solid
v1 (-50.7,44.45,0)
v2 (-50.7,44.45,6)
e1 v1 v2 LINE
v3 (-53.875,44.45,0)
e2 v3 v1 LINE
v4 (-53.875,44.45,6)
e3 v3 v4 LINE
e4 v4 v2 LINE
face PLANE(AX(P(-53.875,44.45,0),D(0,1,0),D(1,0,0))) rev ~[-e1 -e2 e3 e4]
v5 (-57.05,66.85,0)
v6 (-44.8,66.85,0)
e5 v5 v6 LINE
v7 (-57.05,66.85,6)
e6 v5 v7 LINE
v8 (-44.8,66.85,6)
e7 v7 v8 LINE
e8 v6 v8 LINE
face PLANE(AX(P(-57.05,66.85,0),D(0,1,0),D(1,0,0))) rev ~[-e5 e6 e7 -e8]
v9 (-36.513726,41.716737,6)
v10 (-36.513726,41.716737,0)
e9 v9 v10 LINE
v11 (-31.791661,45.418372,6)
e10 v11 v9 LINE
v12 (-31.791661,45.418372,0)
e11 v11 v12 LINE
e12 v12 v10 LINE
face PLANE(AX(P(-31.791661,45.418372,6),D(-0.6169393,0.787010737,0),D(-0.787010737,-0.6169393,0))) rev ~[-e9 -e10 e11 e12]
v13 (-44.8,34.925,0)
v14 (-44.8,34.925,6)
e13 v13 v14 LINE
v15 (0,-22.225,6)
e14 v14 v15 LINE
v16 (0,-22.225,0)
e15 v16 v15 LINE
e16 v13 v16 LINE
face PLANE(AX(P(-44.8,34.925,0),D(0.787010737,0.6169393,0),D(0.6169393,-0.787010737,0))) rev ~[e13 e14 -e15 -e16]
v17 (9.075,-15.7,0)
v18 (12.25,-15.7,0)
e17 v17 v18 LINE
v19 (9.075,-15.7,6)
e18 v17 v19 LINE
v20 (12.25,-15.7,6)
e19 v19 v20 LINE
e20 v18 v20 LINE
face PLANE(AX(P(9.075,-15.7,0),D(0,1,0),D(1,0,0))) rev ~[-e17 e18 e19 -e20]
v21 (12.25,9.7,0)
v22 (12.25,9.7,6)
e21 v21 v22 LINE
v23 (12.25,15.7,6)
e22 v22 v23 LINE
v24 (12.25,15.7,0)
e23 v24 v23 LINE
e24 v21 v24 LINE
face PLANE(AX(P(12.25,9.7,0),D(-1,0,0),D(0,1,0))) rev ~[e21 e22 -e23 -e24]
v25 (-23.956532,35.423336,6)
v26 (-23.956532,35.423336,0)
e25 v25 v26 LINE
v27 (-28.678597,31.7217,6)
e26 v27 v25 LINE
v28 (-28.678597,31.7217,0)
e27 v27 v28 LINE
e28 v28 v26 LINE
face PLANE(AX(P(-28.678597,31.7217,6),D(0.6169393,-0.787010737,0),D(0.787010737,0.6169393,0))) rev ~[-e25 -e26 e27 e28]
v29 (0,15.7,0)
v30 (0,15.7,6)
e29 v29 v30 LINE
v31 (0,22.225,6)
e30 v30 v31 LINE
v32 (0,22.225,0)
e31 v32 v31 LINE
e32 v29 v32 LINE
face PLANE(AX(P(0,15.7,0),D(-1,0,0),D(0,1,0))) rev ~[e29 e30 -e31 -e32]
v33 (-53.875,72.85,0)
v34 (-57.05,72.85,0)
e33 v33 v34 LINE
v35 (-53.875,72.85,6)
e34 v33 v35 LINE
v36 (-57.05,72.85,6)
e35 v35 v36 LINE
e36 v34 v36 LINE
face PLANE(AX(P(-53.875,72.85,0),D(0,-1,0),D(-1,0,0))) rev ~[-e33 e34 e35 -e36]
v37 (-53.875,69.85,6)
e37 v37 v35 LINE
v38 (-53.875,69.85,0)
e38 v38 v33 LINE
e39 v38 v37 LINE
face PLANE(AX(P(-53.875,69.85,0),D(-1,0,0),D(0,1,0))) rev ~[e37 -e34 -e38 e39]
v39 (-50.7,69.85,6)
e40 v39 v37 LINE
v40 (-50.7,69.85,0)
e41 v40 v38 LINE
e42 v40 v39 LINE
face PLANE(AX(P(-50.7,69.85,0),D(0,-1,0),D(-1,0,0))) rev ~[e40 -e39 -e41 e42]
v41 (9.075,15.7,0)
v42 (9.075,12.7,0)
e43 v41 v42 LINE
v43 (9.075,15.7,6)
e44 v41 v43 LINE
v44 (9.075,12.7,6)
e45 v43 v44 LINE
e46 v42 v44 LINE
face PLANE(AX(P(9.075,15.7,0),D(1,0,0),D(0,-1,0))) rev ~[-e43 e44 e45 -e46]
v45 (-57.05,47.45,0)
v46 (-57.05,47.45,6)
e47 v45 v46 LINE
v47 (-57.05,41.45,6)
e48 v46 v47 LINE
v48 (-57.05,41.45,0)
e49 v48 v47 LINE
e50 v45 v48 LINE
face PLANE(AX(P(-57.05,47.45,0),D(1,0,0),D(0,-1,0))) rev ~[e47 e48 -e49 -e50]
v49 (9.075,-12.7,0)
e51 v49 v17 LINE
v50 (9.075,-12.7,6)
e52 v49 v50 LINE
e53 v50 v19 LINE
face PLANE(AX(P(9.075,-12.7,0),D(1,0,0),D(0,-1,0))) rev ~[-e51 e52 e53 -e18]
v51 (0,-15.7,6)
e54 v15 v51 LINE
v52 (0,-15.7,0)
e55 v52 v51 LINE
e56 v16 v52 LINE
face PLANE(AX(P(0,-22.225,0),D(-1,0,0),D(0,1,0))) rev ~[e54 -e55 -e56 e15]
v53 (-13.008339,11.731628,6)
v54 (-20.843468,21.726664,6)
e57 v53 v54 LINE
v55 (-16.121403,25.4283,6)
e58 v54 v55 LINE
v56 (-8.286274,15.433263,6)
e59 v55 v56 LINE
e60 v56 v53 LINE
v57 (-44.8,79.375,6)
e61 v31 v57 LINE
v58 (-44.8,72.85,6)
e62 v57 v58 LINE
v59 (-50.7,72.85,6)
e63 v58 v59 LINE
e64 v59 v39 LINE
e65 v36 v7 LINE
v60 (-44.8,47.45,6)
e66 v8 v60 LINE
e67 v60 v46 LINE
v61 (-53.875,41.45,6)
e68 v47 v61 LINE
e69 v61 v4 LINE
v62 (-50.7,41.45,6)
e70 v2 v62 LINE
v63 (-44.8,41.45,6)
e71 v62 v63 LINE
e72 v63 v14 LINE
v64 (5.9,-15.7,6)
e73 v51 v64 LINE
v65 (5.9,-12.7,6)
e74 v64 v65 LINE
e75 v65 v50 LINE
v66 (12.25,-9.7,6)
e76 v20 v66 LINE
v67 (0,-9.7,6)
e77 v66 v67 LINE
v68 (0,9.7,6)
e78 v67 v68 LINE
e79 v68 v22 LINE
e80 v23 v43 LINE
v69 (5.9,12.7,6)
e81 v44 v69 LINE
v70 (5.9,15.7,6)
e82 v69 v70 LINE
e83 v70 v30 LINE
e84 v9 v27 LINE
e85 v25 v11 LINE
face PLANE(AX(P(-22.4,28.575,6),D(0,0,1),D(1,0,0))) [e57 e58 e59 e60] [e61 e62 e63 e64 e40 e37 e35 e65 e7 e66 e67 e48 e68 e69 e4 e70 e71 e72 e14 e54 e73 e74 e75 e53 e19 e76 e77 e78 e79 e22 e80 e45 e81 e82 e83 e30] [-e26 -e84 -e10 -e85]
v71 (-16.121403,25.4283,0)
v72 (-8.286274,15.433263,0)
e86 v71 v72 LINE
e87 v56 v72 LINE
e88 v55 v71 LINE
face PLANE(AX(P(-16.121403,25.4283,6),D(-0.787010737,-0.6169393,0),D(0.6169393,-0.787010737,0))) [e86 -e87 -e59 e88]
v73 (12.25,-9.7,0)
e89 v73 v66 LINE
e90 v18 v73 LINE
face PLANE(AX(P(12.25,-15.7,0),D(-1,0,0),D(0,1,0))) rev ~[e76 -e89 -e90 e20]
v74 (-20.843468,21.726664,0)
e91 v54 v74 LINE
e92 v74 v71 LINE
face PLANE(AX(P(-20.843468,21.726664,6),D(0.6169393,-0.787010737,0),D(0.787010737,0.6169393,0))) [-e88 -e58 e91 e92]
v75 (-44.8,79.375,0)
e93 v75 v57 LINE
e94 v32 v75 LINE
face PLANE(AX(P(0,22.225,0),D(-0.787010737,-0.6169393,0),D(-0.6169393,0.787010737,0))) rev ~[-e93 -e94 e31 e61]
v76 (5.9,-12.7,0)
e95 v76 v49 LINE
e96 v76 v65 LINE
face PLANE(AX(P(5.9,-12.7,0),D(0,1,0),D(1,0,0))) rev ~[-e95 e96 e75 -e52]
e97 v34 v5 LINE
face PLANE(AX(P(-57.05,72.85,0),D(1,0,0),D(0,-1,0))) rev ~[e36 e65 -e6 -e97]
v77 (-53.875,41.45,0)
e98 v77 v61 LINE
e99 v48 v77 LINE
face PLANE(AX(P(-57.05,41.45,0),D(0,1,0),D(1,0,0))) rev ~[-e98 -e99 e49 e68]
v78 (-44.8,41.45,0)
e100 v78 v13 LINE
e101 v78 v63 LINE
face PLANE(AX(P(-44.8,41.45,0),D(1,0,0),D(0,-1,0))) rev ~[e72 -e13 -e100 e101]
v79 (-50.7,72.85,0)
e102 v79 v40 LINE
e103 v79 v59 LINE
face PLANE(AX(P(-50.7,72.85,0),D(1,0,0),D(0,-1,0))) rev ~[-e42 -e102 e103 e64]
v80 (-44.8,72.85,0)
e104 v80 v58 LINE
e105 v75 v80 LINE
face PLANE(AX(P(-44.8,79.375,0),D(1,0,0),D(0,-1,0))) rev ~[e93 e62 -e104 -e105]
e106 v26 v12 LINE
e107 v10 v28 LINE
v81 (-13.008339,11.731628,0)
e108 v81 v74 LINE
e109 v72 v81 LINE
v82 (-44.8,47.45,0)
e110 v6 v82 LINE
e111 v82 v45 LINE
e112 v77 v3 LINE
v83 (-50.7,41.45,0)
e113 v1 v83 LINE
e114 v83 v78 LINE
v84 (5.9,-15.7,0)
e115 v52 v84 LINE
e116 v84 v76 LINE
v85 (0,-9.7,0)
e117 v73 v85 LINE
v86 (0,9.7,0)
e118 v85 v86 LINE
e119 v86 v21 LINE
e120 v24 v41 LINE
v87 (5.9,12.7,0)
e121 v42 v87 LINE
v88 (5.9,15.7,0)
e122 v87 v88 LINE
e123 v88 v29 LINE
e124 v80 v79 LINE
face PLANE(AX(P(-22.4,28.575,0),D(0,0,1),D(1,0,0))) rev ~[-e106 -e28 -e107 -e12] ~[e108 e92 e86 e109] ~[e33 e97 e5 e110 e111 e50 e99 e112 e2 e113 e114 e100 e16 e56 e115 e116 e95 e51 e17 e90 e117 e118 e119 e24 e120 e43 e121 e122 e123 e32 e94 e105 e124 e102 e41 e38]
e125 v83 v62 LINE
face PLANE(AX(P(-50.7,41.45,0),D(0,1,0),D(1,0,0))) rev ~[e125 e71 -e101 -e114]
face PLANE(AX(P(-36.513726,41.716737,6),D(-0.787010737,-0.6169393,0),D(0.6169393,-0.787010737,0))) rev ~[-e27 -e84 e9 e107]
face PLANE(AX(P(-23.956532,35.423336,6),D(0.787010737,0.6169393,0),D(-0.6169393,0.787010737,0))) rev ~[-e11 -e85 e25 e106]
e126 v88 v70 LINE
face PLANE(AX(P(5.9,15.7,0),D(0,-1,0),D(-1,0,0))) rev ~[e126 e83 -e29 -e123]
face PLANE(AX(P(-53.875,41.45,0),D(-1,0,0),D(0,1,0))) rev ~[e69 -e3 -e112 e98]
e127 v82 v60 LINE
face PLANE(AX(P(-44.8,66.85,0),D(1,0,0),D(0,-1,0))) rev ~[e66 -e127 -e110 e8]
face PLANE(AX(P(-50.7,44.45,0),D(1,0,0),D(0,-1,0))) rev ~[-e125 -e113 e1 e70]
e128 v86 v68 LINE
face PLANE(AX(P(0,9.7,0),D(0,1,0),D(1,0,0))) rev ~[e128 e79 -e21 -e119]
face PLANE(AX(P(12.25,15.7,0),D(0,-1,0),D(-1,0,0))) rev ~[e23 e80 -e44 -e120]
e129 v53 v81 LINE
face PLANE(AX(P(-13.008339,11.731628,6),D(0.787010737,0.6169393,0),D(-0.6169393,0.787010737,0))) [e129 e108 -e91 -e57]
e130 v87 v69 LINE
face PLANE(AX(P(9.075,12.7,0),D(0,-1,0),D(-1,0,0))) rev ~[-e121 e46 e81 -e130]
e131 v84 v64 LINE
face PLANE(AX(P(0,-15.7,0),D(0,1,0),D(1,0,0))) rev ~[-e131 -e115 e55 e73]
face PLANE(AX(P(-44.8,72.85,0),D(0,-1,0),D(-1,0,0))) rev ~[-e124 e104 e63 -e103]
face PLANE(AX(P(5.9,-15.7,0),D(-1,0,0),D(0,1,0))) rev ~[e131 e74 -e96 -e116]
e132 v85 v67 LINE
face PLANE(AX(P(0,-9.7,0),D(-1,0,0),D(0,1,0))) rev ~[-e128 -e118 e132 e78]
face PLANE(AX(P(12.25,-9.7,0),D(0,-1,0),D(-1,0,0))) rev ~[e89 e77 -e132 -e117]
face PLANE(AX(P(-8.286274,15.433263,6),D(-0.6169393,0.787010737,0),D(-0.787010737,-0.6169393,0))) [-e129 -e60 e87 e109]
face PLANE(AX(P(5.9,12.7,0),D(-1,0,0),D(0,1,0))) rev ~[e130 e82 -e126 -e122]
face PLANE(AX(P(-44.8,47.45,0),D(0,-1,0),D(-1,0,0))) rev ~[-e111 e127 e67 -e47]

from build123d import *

# Parameters (mm, degrees)
PROFILE_DEPTH      = 6
CUT_EXTRUDE1_DEPTH = 98.93412639


with BuildPart() as part:
    # Sketch1 → Profile (new body)
    with BuildSketch(Plane.XY):
        Polygon((-44.8, 79.375), (-44.8, 72.85), (-50.699999884, 72.85), (-50.699999884, 69.85), (-53.874999884, 69.85), (-53.874999884, 72.85), (-57.049999884, 72.85), (-57.049999884, 66.85), (-44.8, 66.85), (-44.8, 47.45), (-57.049999884, 47.45), (-57.049999884, 41.45), (-53.874999884, 41.45), (-53.874999884, 44.45), (-50.699999884, 44.45), (-50.699999884, 41.45), (-44.8, 41.45), (-44.8, 34.925), (0, -22.225), (0, -15.7), (5.899999884, -15.7), (5.899999884, -12.7), (9.074999884, -12.7), (9.074999884, -15.7), (12.249999884, -15.7), (12.249999884, -9.7), (0, -9.7), (0, 9.7), (12.249999884, 9.7), (12.249999884, 15.7), (9.074999884, 15.7), (9.074999884, 12.7), (5.899999884, 12.7), (5.899999884, 15.7), (0, 15.7), (0, 22.225), align=None)
    extrude(amount=PROFILE_DEPTH)

    # Sketch2 → Cut-Extrude1 (cut, through all)
    with BuildSketch(Plane.XY.offset(6)):
        Polygon((-31.791661459, 45.418372437), (-36.51372588, 41.716736635), (-28.678596767, 31.721700278), (-23.956532346, 35.423336079), align=None)
        Polygon((-16.121403233, 25.428299722), (-8.28627412, 15.433263365), (-13.008338541, 11.731627563), (-20.843467654, 21.726663921), align=None)
    extrude(amount=-CUT_EXTRUDE1_DEPTH, mode=Mode.SUBTRACT)


solid = part.part
